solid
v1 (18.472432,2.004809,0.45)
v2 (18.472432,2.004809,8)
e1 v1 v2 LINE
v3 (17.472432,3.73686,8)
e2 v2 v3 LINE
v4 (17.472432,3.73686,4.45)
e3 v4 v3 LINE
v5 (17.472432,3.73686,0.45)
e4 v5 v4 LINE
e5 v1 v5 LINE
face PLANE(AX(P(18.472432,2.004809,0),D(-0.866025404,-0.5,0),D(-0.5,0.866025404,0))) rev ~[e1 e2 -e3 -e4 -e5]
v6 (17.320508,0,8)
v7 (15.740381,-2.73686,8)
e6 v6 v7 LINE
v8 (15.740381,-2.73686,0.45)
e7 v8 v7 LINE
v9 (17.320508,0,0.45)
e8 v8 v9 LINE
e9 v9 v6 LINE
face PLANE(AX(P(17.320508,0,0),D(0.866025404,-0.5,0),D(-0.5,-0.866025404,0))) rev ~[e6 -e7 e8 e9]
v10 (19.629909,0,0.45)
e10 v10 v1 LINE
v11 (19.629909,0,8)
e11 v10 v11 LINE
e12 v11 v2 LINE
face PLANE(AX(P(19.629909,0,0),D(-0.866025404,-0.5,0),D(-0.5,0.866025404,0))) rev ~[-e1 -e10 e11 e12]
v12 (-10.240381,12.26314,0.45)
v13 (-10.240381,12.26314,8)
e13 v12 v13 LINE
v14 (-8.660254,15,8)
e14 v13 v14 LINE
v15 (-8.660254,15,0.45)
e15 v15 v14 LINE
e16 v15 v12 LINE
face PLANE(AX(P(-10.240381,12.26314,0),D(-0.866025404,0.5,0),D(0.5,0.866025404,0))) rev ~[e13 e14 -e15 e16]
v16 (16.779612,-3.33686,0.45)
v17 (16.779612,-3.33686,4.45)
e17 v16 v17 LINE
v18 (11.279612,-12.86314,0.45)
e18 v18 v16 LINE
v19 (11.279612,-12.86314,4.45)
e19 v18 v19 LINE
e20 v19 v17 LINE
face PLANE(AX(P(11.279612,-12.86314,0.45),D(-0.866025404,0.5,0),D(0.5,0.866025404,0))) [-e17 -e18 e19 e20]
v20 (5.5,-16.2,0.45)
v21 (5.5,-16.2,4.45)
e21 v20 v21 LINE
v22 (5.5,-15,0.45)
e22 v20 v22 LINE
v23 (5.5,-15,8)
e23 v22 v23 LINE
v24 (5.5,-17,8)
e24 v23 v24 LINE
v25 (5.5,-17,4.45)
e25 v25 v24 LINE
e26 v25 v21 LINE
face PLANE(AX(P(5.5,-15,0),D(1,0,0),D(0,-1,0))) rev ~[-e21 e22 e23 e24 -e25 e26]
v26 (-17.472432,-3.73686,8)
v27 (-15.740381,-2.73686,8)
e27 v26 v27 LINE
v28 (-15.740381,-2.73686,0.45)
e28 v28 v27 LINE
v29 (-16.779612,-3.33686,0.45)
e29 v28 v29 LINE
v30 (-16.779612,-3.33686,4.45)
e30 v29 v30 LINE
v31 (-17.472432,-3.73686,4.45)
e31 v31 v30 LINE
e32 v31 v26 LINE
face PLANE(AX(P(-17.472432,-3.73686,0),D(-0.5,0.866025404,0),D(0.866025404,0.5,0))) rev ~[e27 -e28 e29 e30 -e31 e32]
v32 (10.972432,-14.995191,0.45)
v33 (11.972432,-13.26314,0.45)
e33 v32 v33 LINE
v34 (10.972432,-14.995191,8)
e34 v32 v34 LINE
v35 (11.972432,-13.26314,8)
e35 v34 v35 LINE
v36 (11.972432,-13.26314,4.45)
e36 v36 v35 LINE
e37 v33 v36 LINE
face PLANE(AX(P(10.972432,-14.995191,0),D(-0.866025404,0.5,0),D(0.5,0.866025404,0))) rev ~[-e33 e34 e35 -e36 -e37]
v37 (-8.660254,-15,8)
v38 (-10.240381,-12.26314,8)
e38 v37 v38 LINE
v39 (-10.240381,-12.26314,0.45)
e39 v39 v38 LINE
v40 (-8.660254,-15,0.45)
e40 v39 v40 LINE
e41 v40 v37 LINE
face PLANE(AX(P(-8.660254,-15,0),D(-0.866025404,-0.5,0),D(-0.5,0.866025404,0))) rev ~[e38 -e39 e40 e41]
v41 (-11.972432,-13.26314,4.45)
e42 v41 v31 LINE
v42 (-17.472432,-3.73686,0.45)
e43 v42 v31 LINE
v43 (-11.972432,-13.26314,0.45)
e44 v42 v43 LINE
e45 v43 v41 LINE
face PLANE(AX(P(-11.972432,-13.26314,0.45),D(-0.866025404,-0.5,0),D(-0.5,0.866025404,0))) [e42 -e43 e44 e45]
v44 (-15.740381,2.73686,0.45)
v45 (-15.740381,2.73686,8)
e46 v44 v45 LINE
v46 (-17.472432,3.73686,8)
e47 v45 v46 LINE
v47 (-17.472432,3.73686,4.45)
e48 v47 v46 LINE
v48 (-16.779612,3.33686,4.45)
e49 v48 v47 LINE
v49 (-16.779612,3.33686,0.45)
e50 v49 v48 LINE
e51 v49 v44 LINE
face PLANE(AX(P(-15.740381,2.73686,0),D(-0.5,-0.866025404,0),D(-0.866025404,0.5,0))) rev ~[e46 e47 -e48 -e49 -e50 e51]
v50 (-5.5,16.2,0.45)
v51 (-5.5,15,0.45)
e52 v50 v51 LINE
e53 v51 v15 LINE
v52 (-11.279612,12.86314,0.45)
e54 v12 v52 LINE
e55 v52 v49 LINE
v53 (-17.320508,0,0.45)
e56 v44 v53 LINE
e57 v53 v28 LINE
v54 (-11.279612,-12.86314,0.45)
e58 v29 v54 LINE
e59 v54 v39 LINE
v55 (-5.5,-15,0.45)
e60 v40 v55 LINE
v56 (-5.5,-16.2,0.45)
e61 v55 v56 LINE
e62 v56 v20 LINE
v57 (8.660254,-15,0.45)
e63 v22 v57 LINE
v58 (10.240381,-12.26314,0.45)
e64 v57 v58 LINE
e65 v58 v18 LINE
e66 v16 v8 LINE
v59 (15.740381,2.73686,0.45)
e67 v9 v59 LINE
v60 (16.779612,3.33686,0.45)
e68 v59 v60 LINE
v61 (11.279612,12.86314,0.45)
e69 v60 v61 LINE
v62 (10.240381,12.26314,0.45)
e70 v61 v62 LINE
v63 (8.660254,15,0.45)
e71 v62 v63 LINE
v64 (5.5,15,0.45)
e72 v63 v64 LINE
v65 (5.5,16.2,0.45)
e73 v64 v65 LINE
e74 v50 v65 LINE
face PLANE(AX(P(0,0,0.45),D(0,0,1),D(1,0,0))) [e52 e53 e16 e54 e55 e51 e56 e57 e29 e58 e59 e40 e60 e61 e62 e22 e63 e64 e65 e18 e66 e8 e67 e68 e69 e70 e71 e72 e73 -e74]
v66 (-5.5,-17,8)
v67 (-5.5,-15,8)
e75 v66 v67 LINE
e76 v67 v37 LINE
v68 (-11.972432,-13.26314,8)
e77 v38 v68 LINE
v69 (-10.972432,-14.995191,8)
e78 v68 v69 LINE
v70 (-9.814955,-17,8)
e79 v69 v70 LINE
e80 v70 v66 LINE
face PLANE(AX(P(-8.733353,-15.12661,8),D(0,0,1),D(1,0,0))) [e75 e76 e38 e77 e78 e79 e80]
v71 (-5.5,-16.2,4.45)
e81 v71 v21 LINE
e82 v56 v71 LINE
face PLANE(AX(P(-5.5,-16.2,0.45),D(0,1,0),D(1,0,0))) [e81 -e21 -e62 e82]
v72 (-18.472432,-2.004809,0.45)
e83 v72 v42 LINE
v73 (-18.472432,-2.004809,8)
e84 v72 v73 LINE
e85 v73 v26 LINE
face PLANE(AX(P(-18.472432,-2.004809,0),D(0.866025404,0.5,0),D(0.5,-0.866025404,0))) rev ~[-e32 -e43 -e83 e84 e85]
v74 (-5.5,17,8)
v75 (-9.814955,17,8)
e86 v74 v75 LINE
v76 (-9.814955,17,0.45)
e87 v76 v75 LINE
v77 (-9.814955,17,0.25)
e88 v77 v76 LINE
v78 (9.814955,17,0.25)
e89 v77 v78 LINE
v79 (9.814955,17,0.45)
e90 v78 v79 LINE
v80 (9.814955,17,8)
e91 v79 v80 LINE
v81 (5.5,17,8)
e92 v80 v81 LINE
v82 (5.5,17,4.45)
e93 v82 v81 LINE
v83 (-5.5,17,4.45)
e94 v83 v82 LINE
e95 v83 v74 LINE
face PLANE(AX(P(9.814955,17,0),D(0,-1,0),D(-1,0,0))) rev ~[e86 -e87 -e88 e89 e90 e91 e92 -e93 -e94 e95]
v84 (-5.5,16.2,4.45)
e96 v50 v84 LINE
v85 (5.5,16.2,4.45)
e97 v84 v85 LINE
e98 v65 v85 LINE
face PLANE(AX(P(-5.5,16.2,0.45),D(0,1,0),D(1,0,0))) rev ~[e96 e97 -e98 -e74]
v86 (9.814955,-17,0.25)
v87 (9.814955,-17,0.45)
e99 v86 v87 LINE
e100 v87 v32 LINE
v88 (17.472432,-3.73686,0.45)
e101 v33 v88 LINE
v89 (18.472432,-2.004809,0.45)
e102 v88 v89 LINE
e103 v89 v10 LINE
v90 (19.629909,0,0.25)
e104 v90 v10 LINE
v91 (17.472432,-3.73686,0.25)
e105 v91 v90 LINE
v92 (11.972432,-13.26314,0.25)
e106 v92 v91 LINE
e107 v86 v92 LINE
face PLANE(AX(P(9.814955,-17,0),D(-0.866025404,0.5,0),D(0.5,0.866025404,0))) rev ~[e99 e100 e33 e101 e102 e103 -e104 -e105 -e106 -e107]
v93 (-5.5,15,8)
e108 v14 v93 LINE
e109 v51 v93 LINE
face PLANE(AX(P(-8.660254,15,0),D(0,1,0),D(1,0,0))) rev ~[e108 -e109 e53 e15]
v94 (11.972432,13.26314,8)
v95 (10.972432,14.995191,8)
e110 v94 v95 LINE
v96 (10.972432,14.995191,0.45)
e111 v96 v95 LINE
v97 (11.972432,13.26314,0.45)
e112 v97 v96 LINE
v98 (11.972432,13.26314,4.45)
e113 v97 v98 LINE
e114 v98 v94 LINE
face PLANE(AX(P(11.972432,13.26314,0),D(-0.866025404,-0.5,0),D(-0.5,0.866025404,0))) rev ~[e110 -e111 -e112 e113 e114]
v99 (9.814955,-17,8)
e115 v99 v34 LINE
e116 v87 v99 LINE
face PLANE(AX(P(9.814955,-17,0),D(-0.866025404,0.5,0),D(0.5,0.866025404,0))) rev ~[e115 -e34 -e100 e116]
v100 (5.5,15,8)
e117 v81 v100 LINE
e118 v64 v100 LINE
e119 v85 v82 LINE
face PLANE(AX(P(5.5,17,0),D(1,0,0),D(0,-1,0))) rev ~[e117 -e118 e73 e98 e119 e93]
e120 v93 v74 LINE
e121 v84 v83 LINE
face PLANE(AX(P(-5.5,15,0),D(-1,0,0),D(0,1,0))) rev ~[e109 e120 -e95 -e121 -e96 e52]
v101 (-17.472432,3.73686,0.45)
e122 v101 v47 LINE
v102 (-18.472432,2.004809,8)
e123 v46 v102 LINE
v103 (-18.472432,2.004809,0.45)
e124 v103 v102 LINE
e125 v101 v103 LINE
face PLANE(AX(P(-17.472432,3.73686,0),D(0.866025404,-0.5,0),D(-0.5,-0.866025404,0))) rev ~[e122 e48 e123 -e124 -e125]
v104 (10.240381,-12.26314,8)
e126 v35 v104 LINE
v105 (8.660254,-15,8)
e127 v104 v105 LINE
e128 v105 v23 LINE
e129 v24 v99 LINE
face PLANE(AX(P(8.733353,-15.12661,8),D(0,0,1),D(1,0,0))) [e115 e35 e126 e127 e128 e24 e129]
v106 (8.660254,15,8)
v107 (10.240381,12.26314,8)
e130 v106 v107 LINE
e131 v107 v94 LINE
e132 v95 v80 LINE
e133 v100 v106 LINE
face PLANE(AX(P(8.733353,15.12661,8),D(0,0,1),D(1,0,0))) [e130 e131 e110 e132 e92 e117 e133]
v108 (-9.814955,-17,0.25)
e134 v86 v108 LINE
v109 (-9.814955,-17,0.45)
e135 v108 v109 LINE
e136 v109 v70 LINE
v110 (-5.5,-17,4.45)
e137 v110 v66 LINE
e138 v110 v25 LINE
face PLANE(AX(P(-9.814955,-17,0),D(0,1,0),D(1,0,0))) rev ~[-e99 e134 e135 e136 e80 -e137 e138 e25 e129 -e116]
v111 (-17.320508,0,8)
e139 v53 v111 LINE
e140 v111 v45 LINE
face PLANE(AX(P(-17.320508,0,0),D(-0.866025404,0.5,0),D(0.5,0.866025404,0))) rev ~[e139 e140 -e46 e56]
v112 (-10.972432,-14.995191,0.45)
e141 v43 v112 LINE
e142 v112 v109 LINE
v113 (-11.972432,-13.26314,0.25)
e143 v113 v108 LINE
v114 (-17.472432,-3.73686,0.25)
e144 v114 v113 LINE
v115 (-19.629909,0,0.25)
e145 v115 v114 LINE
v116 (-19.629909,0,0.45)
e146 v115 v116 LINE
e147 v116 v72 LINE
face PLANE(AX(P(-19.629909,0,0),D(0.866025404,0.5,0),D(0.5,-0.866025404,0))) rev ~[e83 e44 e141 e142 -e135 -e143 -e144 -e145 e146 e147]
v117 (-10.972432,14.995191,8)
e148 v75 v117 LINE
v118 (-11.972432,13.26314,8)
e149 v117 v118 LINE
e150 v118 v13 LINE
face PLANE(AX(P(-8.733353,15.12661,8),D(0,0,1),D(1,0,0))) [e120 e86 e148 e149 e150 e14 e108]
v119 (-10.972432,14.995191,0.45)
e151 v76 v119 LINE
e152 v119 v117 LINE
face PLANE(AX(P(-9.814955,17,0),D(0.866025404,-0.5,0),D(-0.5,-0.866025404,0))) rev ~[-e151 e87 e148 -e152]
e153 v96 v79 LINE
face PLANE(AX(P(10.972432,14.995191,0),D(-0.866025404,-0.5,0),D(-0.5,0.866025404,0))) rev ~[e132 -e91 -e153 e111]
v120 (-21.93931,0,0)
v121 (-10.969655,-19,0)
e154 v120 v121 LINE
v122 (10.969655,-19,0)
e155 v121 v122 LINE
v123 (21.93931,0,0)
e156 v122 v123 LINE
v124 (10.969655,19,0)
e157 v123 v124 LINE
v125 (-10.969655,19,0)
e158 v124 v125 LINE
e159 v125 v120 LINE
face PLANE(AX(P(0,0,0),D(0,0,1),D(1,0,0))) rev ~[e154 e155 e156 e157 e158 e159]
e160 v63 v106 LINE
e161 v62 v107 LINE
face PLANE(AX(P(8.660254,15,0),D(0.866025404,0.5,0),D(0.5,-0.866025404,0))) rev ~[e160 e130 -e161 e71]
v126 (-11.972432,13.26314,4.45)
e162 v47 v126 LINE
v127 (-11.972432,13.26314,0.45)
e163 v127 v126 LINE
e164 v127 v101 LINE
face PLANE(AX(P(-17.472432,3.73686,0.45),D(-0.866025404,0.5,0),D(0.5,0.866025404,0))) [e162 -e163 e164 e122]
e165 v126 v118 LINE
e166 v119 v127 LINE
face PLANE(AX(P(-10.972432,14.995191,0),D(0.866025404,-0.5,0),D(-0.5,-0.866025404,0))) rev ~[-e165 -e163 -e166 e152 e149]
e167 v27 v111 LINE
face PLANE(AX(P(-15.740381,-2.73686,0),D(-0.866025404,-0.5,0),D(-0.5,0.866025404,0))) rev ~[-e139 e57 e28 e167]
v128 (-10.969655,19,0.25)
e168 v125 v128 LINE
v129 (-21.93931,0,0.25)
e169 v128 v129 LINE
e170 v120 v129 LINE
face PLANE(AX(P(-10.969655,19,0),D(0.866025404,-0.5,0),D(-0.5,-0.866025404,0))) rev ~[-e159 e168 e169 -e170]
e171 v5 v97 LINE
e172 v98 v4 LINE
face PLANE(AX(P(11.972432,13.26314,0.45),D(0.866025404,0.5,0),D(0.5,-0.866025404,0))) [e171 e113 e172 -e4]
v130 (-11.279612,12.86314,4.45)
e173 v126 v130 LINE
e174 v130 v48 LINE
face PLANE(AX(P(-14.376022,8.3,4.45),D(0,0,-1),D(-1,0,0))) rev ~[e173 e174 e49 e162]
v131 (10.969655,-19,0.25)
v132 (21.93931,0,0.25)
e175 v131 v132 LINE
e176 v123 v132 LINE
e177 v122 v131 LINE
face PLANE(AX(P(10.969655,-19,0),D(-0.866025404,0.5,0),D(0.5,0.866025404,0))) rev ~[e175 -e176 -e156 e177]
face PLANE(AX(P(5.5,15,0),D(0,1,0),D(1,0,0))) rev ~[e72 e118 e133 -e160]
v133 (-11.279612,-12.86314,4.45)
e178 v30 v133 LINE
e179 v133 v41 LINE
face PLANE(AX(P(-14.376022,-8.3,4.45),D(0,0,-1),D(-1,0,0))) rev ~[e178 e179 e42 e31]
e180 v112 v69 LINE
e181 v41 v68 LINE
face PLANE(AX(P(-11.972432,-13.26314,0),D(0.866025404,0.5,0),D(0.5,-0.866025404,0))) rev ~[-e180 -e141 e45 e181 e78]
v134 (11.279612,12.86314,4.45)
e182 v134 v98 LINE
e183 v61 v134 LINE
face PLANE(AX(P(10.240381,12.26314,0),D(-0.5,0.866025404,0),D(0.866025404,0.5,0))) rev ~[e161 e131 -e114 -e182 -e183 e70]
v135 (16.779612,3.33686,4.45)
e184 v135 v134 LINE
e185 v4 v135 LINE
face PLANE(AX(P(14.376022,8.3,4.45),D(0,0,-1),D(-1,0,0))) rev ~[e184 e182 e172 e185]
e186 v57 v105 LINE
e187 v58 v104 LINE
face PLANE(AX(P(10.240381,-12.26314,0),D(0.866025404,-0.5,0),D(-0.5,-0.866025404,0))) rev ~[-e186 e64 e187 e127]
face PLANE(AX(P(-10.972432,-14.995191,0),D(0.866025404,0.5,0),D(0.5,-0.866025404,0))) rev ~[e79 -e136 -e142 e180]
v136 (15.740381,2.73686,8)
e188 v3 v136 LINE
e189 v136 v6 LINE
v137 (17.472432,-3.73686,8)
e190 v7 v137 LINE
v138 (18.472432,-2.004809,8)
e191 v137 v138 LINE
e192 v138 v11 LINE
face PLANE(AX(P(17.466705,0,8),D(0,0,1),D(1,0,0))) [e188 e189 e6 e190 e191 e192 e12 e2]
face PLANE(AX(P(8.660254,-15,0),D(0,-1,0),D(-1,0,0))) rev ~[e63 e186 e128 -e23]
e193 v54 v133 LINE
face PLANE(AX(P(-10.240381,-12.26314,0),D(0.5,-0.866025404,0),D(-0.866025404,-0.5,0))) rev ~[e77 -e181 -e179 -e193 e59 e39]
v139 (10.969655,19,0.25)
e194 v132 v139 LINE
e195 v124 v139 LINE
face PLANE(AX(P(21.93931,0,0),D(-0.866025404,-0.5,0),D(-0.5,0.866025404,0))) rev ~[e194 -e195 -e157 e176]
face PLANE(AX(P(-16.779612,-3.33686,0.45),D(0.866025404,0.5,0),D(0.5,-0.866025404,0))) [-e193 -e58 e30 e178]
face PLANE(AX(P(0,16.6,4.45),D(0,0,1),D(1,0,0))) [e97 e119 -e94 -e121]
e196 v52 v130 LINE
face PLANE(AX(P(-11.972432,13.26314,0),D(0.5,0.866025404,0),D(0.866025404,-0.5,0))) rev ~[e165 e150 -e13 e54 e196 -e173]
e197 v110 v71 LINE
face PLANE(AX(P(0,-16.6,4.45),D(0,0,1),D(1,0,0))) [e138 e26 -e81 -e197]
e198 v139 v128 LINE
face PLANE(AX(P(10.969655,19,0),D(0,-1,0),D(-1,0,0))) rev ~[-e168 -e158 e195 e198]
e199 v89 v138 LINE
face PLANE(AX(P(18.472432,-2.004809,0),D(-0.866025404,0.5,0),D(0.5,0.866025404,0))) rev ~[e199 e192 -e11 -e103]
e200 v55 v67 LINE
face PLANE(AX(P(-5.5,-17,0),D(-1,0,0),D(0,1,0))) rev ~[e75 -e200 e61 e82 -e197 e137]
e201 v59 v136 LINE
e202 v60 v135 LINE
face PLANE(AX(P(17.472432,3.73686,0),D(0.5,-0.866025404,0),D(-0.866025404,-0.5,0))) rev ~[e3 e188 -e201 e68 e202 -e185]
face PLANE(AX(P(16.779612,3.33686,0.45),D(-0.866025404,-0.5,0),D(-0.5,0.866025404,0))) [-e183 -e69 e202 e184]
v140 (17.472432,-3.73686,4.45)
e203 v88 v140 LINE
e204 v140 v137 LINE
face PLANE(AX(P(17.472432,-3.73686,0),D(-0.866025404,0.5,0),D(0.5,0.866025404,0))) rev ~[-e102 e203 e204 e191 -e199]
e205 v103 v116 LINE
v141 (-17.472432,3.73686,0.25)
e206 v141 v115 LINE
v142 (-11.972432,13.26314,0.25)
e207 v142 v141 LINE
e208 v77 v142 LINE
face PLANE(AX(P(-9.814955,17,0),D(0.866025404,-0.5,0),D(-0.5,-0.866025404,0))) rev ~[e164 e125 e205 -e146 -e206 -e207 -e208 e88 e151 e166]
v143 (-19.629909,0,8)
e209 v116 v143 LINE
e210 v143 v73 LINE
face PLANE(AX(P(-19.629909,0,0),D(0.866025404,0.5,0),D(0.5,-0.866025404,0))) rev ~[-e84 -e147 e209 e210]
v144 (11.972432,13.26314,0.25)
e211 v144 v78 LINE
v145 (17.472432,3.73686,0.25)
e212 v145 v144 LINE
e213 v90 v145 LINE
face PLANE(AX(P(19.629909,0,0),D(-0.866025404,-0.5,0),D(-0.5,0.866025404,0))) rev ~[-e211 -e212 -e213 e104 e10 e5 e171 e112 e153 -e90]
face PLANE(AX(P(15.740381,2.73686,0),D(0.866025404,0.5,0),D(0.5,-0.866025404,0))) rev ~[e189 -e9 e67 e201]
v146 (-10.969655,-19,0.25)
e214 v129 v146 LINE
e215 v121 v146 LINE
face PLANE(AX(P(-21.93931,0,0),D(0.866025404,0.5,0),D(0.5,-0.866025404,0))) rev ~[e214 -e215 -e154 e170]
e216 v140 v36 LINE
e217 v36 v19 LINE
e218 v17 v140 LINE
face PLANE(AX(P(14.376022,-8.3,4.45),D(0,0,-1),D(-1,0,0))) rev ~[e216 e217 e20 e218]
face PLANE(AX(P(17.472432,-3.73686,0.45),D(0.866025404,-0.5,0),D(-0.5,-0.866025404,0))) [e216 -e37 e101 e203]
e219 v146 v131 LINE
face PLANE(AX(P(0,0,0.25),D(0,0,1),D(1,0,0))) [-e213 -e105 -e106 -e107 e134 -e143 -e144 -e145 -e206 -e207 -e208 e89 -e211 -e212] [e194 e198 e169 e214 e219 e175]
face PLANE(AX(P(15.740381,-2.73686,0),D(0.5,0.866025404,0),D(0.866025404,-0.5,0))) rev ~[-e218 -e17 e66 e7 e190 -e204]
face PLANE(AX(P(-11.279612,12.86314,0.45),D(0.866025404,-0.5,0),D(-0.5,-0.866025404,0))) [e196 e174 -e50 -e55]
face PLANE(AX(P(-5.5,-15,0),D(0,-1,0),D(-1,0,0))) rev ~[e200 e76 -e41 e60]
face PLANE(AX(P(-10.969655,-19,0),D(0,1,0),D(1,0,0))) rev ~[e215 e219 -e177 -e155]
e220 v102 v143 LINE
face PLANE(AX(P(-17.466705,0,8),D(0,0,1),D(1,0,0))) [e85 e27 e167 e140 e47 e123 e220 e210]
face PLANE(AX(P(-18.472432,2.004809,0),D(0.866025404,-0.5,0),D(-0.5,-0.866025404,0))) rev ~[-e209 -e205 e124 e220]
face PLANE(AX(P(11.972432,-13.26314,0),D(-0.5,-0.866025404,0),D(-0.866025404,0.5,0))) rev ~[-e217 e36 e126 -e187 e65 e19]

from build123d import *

# Parameters (mm, degrees)
BOSS_EXTRUDE1_DEPTH = 0.45
SKETCH2_W           = 11
SKETCH2_H           = 0.5
BOSS_EXTRUDE2_DEPTH = 0.25
BOSS_EXTRUDE3_DEPTH = 8
BOSS_EXTRUDE4_DEPTH = 0.25
SKETCH5_W           = 11
SKETCH5_H           = 0.8
BOSS_EXTRUDE5_DEPTH = 4


with BuildPart() as part:
    # Sketch1 → Boss-Extrude1 (new body)
    with BuildSketch(Plane.XY):
        Polygon((19.629909152, 0), (9.814954576, 17), (-9.814954576, 17), (-19.629909152, 0), (-9.814954576, -17), (9.814954576, -17), align=None)
    extrude(amount=BOSS_EXTRUDE1_DEPTH)

    # Sketch2 → Boss-Extrude2 (add)
    with BuildSketch(Plane.XY):
        with Locations((0, 17.25)):
            Rectangle(SKETCH2_W, SKETCH2_H)
        Polygon((12.405444566, 13.513139721), (17.905444566, 3.986860279), (17.472431864, 3.736860279), (11.972431864, 13.263139721), align=None)
        Polygon((17.905444566, -3.986860279), (12.405444566, -13.513139721), (11.972431864, -13.263139721), (17.472431864, -3.736860279), align=None)
        with Locations((0, -17.25)):
            Rectangle(SKETCH2_W, SKETCH2_H)
        Polygon((-12.405444566, -13.513139721), (-17.905444566, -3.986860279), (-17.472431864, -3.736860279), (-11.972431864, -13.263139721), align=None)
        Polygon((-17.905444566, 3.986860279), (-12.405444566, 13.513139721), (-11.972431864, 13.263139721), (-17.472431864, 3.736860279), align=None)
    extrude(amount=BOSS_EXTRUDE2_DEPTH)

    # Sketch3 → Boss-Extrude3 (add)
    with BuildSketch(Plane.XY):
        Polygon((-11.972431864, 13.263139721), (-10.240381057, 12.263139721), (-8.660254038, 15), (-5.5, 15), (-5.5, 17), (-7.5, 17), (-9.814954576, 17), (-10.972431864, 14.995190528), align=None)
        Polygon((5.5, 17), (5.5, 15), (8.660254038, 15), (10.240381057, 12.263139721), (11.972431864, 13.263139721), (10.972431864, 14.995190528), (9.814954576, 17), (7.5, 17), align=None)
        Polygon((17.472431864, 3.736860279), (15.740381057, 2.736860279), (17.320508076, 0), (15.740381057, -2.736860279), (17.472431864, -3.736860279), (18.472431864, -2.004809472), (19.629909152, 0), (18.472431864, 2.004809472), align=None)
        Polygon((11.972431864, -13.263139721), (10.240381057, -12.263139721), (8.660254038, -15), (5.5, -15), (5.5, -17), (7.5, -17), (9.814954576, -17), (10.972431864, -14.995190528), align=None)
        Polygon((-5.5, -17), (-5.5, -15), (-8.660254038, -15), (-10.240381057, -12.263139721), (-11.972431864, -13.263139721), (-10.972431864, -14.995190528), (-9.814954576, -17), (-7.5, -17), align=None)
        Polygon((-17.472431864, -3.736860279), (-15.740381057, -2.736860279), (-17.320508076, 0), (-15.740381057, 2.736860279), (-17.472431864, 3.736860279), (-18.472431864, 2.004809472), (-19.629909152, 0), (-18.472431864, -2.004809472), align=None)
    extrude(amount=BOSS_EXTRUDE3_DEPTH)

    # Sketch4 → Boss-Extrude4 (add)
    with BuildSketch(Plane.XY):
        Polygon((21.939310229, 0), (10.969655115, 19), (-10.969655115, 19), (-21.939310229, 0), (-10.969655115, -19), (10.969655115, -19), align=None)
    extrude(amount=BOSS_EXTRUDE4_DEPTH)

    # Sketch5 → Boss-Extrude5 (add)
    with BuildSketch(Plane.XY.offset(0.45)):
        with Locations((0, 16.6)):
            Rectangle(SKETCH5_W, SKETCH5_H)
        Polygon((11.972431864, 13.263139721), (17.472431864, 3.736860279), (16.779611541, 3.336860279), (11.279611541, 12.863139721), align=None)
        Polygon((17.472431864, -3.736860279), (11.972431864, -13.263139721), (11.279611541, -12.863139721), (16.779611541, -3.336860279), align=None)
        with Locations((0, -16.6)):
            Rectangle(SKETCH5_W, SKETCH5_H)
        Polygon((-11.972431864, -13.263139721), (-17.472431864, -3.736860279), (-16.779611541, -3.336860279), (-11.279611541, -12.863139721), align=None)
        Polygon((-17.472431864, 3.736860279), (-11.972431864, 13.263139721), (-11.279611541, 12.863139721), (-16.779611541, 3.336860279), align=None)
    extrude(amount=BOSS_EXTRUDE5_DEPTH)


solid = part.part
